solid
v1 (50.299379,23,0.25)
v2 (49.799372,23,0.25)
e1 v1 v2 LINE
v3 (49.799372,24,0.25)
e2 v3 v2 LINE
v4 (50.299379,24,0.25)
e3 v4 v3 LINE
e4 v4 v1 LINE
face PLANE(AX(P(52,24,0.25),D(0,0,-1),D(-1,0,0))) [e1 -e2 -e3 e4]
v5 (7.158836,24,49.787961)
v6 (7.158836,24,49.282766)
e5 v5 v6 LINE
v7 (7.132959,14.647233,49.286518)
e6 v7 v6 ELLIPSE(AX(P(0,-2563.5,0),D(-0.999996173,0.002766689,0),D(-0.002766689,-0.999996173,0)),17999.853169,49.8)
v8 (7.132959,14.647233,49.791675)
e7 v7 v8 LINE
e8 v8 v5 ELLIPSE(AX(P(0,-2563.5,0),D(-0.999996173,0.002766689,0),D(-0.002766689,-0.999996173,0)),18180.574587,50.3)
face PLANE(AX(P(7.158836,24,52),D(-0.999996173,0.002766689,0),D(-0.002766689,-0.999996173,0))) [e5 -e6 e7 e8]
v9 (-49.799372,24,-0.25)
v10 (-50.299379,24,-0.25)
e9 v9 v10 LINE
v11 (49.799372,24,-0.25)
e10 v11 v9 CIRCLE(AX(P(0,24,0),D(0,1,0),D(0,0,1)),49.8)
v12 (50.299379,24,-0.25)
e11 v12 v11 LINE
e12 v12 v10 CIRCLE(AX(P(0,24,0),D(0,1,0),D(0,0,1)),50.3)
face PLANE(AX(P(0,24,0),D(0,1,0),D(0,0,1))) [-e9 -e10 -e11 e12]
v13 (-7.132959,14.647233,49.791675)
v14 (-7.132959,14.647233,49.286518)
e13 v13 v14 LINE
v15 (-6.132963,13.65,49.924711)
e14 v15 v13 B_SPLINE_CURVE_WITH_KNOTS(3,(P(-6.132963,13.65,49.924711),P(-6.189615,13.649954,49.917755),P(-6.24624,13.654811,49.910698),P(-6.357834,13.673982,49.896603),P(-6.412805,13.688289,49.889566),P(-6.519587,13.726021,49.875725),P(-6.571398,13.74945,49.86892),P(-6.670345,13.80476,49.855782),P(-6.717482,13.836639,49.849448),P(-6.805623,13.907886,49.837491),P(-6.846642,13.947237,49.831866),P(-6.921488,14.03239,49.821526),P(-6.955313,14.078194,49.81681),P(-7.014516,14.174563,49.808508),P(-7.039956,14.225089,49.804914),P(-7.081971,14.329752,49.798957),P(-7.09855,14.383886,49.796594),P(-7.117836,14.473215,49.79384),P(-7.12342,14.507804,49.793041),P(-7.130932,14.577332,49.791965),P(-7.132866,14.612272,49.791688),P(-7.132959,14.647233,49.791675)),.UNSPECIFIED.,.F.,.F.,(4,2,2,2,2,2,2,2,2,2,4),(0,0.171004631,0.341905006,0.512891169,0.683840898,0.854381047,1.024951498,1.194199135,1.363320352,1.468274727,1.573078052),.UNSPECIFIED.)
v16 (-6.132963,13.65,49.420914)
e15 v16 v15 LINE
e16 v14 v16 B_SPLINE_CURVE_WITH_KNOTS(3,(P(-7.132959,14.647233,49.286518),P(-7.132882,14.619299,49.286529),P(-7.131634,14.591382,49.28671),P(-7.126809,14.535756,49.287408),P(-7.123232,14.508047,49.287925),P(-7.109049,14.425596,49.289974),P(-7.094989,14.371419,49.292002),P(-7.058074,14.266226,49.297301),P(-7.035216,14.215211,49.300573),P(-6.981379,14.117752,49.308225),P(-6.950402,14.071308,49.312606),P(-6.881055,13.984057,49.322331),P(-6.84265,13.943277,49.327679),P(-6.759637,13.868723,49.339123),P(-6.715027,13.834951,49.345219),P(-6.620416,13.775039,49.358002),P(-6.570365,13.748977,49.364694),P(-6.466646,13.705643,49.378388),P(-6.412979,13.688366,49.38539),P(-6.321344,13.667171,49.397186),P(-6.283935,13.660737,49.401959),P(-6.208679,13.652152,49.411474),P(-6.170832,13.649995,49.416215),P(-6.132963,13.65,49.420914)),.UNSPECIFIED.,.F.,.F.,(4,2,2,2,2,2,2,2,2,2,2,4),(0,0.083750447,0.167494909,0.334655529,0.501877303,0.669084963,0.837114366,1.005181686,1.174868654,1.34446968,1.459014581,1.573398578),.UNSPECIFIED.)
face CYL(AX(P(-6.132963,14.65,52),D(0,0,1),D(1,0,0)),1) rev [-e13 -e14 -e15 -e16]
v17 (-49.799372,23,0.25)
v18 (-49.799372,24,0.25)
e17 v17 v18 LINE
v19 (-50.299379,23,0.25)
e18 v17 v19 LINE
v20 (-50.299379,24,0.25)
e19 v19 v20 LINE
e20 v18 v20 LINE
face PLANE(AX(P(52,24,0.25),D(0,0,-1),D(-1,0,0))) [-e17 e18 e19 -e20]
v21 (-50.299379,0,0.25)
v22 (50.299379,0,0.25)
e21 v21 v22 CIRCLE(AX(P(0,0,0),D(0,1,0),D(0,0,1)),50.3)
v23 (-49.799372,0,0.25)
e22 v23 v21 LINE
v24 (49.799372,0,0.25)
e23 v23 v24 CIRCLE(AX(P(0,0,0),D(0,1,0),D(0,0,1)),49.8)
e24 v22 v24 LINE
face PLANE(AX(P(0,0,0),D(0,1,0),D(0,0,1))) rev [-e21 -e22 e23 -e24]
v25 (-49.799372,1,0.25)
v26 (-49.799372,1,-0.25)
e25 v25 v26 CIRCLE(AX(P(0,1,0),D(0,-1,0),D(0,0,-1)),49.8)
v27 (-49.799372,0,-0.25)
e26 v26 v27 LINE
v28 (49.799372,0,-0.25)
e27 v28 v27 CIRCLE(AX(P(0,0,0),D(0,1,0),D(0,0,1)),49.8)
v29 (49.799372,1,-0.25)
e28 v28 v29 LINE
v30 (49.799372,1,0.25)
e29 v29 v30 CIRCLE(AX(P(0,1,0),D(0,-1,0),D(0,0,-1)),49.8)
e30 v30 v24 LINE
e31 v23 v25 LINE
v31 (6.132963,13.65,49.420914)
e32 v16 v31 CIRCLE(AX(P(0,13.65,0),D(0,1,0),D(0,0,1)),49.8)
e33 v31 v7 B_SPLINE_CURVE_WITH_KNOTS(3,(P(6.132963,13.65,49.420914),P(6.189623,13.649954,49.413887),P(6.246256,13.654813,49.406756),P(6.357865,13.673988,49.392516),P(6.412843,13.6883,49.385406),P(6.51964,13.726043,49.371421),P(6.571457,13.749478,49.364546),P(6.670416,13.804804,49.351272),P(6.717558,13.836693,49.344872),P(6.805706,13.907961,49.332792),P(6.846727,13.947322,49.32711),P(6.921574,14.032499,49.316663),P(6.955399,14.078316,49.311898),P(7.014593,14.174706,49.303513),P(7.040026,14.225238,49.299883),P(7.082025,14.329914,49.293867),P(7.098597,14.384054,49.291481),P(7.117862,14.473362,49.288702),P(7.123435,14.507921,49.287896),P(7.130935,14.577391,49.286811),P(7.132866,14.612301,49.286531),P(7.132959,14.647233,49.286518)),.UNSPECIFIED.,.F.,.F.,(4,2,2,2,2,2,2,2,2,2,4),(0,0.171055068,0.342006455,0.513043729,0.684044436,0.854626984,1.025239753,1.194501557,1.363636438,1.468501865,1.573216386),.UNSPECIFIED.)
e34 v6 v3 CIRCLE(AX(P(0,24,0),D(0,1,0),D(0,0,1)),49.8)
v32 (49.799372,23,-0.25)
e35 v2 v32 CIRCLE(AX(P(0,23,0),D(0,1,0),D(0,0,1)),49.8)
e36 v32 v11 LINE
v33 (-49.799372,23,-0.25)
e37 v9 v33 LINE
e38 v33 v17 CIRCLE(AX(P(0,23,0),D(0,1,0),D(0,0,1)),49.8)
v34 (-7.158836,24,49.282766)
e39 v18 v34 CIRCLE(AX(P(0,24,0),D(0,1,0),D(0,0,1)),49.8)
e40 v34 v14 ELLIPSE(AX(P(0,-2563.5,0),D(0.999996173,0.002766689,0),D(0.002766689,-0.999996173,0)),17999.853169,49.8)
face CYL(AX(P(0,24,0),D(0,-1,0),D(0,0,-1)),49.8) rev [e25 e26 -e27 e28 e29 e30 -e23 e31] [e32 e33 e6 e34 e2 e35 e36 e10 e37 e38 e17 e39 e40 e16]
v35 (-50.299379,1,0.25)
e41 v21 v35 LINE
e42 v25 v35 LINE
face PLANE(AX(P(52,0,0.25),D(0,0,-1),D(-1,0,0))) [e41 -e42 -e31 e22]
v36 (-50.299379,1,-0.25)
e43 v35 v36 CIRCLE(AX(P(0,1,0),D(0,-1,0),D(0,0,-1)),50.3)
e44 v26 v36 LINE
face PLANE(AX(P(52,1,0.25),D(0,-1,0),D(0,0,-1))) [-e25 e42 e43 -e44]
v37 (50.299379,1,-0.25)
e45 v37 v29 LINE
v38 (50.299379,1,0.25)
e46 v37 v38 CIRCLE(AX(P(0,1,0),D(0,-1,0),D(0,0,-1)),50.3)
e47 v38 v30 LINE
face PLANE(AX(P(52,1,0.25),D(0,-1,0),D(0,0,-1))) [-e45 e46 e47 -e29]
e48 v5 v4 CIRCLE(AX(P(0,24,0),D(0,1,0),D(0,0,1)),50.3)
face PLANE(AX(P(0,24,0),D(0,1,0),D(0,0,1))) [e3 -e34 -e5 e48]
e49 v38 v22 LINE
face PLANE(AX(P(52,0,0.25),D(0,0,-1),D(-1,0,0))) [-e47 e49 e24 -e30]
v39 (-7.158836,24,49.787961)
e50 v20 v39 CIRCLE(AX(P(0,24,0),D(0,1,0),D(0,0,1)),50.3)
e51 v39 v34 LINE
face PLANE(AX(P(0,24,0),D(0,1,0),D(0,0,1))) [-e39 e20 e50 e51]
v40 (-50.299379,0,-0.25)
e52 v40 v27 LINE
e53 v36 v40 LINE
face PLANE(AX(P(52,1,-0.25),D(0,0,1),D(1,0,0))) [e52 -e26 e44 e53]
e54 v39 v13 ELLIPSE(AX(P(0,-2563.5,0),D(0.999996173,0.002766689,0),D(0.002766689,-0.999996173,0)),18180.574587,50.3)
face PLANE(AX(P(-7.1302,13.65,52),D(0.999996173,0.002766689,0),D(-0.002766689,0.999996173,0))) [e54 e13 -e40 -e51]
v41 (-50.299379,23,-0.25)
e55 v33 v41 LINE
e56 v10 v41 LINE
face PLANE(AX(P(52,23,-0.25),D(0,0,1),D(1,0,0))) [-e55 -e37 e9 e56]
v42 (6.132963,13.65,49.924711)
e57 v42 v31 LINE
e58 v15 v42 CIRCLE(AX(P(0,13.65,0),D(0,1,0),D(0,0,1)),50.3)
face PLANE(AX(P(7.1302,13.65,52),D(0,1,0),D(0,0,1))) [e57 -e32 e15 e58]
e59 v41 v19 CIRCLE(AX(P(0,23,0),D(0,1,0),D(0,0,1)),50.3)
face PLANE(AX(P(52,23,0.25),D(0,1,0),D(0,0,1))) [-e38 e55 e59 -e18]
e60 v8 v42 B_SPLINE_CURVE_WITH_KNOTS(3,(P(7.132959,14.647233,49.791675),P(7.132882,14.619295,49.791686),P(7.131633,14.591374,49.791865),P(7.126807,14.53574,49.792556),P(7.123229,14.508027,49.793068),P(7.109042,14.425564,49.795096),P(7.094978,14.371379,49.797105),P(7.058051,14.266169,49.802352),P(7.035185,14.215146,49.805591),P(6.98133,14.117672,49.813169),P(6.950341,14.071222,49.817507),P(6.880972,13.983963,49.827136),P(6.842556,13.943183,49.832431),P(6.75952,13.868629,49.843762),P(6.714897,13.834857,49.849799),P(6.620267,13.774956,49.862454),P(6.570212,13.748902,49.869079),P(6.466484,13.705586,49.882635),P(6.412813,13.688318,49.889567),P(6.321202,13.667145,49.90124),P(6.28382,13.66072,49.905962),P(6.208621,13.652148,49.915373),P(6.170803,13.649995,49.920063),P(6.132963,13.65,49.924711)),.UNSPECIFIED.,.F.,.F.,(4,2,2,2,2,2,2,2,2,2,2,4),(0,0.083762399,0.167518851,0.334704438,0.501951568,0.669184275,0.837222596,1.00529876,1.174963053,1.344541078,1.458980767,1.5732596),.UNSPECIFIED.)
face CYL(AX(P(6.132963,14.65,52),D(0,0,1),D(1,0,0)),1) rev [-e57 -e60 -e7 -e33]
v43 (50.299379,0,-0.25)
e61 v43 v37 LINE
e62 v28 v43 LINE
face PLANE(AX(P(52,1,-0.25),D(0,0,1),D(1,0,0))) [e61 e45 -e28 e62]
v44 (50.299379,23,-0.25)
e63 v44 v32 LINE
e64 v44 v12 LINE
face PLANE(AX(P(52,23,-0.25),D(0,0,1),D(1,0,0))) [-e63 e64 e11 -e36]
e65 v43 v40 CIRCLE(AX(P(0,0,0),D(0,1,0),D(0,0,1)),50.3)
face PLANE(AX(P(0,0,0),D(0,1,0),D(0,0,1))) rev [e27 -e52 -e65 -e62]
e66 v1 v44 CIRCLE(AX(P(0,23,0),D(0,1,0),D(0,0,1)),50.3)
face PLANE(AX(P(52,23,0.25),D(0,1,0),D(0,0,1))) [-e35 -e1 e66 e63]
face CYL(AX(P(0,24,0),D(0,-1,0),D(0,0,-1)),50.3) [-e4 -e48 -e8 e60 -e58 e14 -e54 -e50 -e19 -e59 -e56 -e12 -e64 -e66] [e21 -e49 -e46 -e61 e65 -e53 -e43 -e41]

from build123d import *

# Parameters (mm, degrees)
SKETCH_1_R               = 50.3
SKETCH_1_R_2             = 49.8
EXTRUDE_1_DEPTH          = 24
CUT_EXTRUDE_1_DEPTH      = 52
CUT_EXTRUDE_2_DEPTH      = 52
CUT_EXTRUDE_2_DEPTH_BACK = 52
FILLET_1_R               = 1


with BuildPart() as part:
    # Эскиз1 → Бобышка-Вытянуть1 (new body)
    with BuildSketch(Plane(origin=(0, 0, 0), x_dir=(1, 0, 0), z_dir=(0, 1, 0))):
        with Locations(Location((0, 0, 0), (0, 0, 270))):
            Circle(SKETCH_1_R)
        with Locations(Location((0, 0, 0), (0, 0, 270))):
            Circle(SKETCH_1_R_2, mode=Mode.SUBTRACT)
    extrude(amount=EXTRUDE_1_DEPTH)

    # Эскиз2 → Вырез-Вытянуть1 (cut)
    with BuildSketch(Plane.XY):
        Polygon((-7.130200452, 13.65), (-7.158835795, 24), (7.158835795, 24), (7.130200452, 13.65), align=None)
    extrude(amount=CUT_EXTRUDE_1_DEPTH, mode=Mode.SUBTRACT)

    # Эскиз3 → Вырез-Вытянуть2 (cut, two sides: drawn at the far end of the back side and taken through both)
    with BuildSketch(Plane(origin=(0, 0, 0), x_dir=(0, 0, -1), z_dir=(1, 0, 0)).offset(-CUT_EXTRUDE_2_DEPTH_BACK)):
        Polygon((0, 24), (0.25, 24), (0.25, 23), (-0.25, 23), (-0.25, 24), align=None)
        Polygon((0.25, 1), (0.25, 0), (0, 0), (-0.25, 0), (-0.25, 1), align=None)
    extrude(amount=CUT_EXTRUDE_2_DEPTH + CUT_EXTRUDE_2_DEPTH_BACK, mode=Mode.SUBTRACT)

    # Скругление1
    fillet_1_edges = [part.edges().sort_by_distance(p)[0] for p in [
        (7.130200452, 13.65, 49.539493808),
        (-7.130200452, 13.65, 49.539493808),
    ]]
    fillet(fillet_1_edges, radius=FILLET_1_R)


solid = part.part
